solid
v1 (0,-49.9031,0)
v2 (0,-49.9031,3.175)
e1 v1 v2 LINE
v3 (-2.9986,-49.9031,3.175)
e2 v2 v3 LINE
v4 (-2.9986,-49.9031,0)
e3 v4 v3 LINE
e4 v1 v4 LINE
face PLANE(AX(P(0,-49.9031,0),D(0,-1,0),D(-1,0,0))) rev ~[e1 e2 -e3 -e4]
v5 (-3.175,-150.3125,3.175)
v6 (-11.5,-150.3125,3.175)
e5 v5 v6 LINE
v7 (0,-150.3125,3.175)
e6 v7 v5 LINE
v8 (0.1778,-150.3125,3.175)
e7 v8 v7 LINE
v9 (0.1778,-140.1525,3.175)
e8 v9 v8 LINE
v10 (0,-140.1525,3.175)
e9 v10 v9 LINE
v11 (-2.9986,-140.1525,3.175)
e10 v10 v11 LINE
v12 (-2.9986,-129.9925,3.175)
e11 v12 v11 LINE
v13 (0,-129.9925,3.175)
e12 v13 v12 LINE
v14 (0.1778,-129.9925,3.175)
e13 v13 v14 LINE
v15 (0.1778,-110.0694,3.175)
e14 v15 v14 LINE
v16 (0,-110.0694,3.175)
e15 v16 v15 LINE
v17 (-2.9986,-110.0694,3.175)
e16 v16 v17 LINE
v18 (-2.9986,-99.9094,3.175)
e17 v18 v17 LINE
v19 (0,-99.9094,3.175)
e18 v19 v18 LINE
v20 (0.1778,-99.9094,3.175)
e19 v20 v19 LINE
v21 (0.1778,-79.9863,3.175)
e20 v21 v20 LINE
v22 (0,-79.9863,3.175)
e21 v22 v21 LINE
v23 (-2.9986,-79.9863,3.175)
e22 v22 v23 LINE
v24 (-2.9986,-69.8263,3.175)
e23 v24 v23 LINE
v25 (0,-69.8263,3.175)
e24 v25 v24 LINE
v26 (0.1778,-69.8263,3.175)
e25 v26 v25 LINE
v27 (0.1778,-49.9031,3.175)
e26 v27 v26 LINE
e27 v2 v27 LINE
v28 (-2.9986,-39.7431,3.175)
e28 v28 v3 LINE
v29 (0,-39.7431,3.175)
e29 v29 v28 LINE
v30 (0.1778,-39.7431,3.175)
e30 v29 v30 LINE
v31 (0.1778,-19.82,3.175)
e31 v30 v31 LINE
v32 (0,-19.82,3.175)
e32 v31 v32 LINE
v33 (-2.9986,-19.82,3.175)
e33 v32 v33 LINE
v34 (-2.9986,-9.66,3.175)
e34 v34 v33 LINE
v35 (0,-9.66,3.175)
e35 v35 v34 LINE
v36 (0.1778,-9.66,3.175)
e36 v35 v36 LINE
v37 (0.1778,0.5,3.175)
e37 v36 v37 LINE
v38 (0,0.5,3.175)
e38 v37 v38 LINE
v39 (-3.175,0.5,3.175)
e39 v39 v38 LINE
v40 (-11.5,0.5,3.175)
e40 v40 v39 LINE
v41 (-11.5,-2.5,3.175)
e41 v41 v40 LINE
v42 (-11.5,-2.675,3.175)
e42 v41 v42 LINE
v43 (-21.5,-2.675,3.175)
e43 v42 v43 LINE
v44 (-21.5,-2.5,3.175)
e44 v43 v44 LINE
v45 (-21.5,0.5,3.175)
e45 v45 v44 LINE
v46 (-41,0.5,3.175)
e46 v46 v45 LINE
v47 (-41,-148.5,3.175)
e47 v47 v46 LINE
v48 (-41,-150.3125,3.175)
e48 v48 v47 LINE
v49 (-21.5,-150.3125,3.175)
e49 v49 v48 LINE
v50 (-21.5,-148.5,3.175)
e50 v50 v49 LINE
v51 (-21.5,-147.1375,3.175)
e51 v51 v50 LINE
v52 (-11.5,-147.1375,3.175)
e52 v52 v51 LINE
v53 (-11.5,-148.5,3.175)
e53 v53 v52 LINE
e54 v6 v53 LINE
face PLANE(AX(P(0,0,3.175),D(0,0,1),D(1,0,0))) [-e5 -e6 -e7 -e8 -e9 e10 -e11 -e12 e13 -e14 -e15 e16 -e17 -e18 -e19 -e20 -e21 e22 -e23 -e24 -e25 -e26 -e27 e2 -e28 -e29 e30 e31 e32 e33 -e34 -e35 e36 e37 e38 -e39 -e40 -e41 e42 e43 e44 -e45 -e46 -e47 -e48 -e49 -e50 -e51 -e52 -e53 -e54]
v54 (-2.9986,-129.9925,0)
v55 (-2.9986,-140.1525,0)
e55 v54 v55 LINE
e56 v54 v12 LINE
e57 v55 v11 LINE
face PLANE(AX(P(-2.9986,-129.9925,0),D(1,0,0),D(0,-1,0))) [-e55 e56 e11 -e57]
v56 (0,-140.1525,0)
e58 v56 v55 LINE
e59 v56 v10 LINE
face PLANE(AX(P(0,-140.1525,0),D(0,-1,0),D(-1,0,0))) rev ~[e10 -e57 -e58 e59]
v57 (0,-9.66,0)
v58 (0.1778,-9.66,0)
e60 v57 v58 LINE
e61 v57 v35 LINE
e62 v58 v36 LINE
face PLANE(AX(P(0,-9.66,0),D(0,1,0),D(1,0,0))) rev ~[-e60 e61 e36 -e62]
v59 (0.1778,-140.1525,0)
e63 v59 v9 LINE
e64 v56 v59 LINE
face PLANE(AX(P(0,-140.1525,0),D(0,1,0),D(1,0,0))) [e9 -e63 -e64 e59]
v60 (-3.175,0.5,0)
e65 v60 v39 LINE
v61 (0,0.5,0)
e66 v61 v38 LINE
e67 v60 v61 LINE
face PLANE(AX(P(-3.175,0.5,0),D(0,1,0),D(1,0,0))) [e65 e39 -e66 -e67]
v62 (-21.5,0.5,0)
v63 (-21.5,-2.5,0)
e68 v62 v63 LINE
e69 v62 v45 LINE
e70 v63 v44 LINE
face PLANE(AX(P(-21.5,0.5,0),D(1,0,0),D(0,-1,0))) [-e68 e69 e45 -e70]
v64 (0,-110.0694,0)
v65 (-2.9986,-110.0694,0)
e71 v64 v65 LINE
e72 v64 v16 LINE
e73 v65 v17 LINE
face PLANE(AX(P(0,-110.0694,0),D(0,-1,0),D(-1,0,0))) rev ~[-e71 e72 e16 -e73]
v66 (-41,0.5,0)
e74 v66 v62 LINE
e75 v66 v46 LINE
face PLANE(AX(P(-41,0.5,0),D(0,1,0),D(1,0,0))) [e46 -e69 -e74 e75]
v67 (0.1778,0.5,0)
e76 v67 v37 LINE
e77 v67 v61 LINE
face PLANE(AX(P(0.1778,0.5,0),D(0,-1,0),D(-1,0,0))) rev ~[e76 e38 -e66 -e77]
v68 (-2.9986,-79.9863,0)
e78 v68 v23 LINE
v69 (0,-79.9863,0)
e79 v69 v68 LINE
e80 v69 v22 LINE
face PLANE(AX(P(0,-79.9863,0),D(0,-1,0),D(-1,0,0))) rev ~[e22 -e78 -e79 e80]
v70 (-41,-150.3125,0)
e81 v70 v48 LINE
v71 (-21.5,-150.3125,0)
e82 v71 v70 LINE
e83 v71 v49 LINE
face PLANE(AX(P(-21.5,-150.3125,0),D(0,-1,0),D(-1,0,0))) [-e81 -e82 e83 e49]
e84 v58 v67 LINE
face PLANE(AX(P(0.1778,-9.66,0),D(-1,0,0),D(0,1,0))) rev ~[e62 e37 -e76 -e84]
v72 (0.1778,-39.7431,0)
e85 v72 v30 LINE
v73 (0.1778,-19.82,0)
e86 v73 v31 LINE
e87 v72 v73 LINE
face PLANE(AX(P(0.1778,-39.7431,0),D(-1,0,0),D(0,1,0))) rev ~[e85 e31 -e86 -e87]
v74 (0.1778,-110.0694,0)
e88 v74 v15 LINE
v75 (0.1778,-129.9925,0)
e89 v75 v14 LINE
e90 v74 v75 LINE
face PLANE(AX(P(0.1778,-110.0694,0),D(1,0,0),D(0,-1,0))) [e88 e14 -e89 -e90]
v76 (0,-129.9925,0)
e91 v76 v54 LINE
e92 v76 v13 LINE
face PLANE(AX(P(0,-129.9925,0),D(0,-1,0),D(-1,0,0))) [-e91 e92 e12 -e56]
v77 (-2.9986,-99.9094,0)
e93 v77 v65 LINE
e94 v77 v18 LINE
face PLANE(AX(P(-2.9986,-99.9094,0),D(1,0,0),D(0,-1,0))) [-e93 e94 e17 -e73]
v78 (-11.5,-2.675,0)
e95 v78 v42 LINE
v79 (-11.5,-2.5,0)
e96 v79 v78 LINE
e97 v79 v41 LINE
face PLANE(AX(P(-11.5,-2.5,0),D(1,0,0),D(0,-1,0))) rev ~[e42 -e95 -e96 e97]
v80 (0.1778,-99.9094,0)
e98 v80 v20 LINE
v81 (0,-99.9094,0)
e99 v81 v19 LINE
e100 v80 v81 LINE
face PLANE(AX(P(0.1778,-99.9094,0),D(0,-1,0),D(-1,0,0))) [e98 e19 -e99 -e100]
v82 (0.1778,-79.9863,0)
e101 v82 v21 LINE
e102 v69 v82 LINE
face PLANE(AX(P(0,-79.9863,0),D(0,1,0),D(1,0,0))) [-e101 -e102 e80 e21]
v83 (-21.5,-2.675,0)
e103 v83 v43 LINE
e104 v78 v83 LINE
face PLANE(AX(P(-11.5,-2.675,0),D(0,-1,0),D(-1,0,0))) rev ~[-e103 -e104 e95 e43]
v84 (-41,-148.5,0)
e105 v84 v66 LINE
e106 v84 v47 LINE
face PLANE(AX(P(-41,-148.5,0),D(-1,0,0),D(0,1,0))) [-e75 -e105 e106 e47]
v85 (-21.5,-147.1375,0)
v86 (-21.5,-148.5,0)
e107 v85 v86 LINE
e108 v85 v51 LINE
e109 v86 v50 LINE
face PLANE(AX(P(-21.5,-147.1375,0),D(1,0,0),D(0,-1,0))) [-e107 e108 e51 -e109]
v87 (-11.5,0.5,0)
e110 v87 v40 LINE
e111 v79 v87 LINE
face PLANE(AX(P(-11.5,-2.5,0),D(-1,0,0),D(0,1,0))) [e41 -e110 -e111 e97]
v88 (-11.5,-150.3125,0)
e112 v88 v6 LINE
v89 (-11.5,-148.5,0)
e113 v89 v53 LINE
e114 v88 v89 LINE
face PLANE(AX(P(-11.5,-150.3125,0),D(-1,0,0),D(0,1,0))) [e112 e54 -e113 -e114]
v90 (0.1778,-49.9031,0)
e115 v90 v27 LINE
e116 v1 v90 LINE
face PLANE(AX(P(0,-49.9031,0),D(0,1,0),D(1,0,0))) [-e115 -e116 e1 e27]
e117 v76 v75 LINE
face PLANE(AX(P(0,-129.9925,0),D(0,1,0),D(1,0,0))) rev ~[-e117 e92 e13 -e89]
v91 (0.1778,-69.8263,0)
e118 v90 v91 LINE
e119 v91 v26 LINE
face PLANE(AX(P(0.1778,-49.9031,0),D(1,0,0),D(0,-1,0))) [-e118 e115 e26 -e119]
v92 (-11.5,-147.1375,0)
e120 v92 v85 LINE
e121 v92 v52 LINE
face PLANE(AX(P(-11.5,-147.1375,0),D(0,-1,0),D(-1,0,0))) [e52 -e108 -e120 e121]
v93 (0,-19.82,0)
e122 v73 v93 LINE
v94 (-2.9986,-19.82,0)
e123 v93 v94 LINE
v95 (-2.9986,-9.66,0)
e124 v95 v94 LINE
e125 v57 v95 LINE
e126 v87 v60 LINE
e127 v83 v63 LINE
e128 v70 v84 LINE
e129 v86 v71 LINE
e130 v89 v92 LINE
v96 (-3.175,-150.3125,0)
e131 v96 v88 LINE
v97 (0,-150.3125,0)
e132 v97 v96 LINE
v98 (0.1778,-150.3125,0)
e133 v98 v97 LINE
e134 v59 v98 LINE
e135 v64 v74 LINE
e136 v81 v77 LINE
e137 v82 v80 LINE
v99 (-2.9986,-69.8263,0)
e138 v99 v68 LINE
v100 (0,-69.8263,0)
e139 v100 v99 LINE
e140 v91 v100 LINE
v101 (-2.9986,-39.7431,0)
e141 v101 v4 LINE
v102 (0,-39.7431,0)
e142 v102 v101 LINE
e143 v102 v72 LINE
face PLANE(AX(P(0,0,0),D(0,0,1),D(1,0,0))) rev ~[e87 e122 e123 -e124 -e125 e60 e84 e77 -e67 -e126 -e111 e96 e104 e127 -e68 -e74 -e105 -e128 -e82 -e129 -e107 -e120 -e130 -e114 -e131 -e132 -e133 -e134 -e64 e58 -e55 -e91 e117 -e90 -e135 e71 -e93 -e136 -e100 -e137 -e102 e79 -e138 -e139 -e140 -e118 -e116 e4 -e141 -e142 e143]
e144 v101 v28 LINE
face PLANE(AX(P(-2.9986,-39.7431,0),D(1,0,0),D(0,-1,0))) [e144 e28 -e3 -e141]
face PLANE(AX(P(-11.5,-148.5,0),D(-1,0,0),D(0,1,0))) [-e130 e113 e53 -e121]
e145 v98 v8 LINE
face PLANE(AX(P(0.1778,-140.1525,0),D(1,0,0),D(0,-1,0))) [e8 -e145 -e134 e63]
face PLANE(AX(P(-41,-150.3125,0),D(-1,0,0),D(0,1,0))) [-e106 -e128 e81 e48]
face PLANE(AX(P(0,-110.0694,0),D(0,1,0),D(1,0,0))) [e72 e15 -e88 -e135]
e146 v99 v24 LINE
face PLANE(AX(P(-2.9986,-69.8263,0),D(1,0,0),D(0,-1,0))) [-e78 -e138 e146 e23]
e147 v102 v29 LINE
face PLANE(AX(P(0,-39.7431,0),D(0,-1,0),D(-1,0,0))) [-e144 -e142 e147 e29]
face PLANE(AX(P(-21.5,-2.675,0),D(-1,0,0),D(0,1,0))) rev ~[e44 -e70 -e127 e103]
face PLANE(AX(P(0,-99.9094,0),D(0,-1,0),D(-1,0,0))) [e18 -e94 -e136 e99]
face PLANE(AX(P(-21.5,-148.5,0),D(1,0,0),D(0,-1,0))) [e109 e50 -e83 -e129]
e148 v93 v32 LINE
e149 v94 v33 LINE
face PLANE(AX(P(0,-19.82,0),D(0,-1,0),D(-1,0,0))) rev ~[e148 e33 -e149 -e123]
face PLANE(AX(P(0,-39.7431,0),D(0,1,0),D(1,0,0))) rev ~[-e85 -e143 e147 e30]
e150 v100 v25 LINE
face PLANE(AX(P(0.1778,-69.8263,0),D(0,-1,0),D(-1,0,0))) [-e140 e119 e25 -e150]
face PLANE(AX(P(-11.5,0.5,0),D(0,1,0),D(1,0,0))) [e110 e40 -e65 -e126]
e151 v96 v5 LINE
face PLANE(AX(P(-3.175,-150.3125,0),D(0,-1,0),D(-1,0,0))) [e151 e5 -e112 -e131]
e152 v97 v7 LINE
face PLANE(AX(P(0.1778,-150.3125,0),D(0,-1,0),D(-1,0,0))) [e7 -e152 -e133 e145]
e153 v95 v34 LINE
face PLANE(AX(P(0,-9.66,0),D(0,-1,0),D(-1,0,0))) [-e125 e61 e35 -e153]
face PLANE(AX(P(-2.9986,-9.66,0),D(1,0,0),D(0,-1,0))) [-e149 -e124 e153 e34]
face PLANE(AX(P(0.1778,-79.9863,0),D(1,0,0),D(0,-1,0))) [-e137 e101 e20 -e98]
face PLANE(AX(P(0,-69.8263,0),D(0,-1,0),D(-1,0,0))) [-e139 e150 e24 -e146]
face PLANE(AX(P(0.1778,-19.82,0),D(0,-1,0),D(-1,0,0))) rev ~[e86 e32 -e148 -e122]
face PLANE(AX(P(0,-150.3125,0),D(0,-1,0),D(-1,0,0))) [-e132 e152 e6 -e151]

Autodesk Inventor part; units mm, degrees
ref_plane "YZ Plane" through (0, 0, 0) normal (1, 0, 0) x (0, 1, 0)
ref_plane "XZ Plane" through (0, 0, 0) normal (0, 1, 0) x (-1, 0, 0)
ref_plane "XY Plane" through (0, 0, 0) normal (0, 0, 1) x (1, 0, 0)
sketch "Sketch1" plane through (0, 0, 0) normal (0, 0, 1) x (1, 0, 0)
  line L0 (-11.5, -148.5) -> (-11.5, -147.1375)
  line L1 (-21.5, -147.1375) -> (-21.5, -148.5)
  line L2 (-41, -148.5) -> (-41, 0.5)
  line L3 (-41, 0.5) -> (-21.5, 0.5)
  line L4 (-21.5, 0.5) -> (-21.5, -2.5)
  line L5 (-11.5, -2.5) -> (-11.5, 0.5)
  line L6 (-11.5, 0.5) -> (0, 0.5)
  line L7 (-11.5, -148.5) -> (-11.5, -147.1375)
  line L8 (-21.5, -147.1375) -> (-21.5, -148.5)
  line L9 (-41, -148.5) -> (-41, 0.5)
  line L10 (-41, 0.5) -> (-21.5, 0.5)
  line L11 (-21.5, 0.5) -> (-21.5, -2.5)
  line L12 (-11.5, -2.5) -> (-11.5, 0.5)
  line L13 (-11.5, 0.5) -> (0, 0.5)
  line L14 (-41, -150.3125) -> (-41, 0.5)
  line L15 (-11.5, -150.3125) -> (-11.5, -147.1375)
  line L16 (-11.5, -147.1375) -> (-21.5, -147.1375)
  line L17 (-21.5, -147.1375) -> (-21.5, -150.3125)
  line L18 (0, -150.3125) -> (-11.5, -150.3125)
  line L19 (-21.5, -150.3125) -> (-41, -150.3125)
  line L20 (-11.5, 0.5) -> (-11.5, -2.675)
  line L21 (-11.5, -2.675) -> (-21.5, -2.675)
  line L22 (-21.5, -2.675) -> (-21.5, 0.5)
  line L23 (0, 0.5) -> (-3.175, 0.5)
  line L24 (-3.175, -150.3125) -> (0, -150.3125)
  line L25 (-3.175, 0.5) -> (0, 0.5)
  line L26 (0, -9.66) -> (-2.9986, -9.66)
  line L27 (-2.9986, -9.66) -> (0, -9.66)
  line L28 (0, -19.82) -> (-2.9986, -19.82)
  line L29 (-2.9986, -19.82) -> (0, -19.82)
  line L30 (0, -39.7431) -> (-2.9986, -39.7431)
  line L31 (-2.9986, -39.7431) -> (0, -39.7431)
  line L32 (0, -49.9031) -> (-2.9986, -49.9031)
  line L33 (-2.9986, -49.9031) -> (0, -49.9031)
  line L34 (0, -69.8263) -> (-2.9986, -69.8263)
  line L35 (-2.9986, -69.8263) -> (0, -69.8263)
  line L36 (0, -79.9863) -> (-2.9986, -79.9863)
  line L37 (-2.9986, -79.9863) -> (0, -79.9863)
  line L38 (0, -99.9094) -> (-2.9986, -99.9094)
  line L39 (-2.9986, -99.9094) -> (0, -99.9094)
  line L40 (0, -110.0694) -> (-2.9986, -110.0694)
  line L41 (-2.9986, -110.0694) -> (0, -110.0694)
  line L42 (0, -129.9925) -> (-2.9986, -129.9925)
  line L43 (-2.9986, -129.9925) -> (0, -129.9925)
  line L44 (0, -140.1525) -> (-2.9986, -140.1525)
  line L45 (-2.9986, -140.1525) -> (0, -140.1525)
  line L46 (0, -150.3125) -> (-3.175, -150.3125)
  line L47 (-41, 0.5) -> (-21.5, 0.5)
  line L48 (-11.5, 0.5) -> (0, 0.5)
  line L49 (-2.9986, -9.66) -> (-2.9986, -19.82)
  line L50 (-2.9986, -39.7431) -> (-2.9986, -49.9031)
  line L51 (0, -49.9031) -> (0.1778, -49.9031)
  line L52 (0.1778, -49.9031) -> (0.1778, -69.8263)
  line L53 (0.1778, -69.8263) -> (0, -69.8263)
  line L54 (-2.9986, -69.8263) -> (-2.9986, -79.9863)
  line L55 (0, -79.9863) -> (0.1778, -79.9863)
  line L56 (0.1778, -79.9863) -> (0.1778, -99.9094)
  line L57 (0.1778, -99.9094) -> (0, -99.9094)
  line L58 (-2.9986, -99.9094) -> (-2.9986, -110.0694)
  line L59 (-2.9986, -129.9925) -> (-2.9986, -140.1525)
  line L60 (0.1778, -150.3125) -> (0, -150.3125)
  line L61 (0, -140.1525) -> (0.1778, -140.1525)
  line L62 (0, -129.9925) -> (0.1778, -129.9925)
  line L63 (0, -110.0694) -> (0.1778, -110.0694)
  line L64 (0.1778, -110.0694) -> (0.1778, -129.9925)
  line L65 (0.1778, -140.1525) -> (0.1778, -150.3125)
  line L66 (0, -39.7431) -> (0.1778, -39.7431)
  line L67 (0.1778, -39.7431) -> (0.1778, -19.82)
  line L68 (0.1778, -19.82) -> (0, -19.82)
  line L69 (0, -9.66) -> (0.1778, -9.66)
  line L70 (0.1778, -9.66) -> (0.1778, 0.5)
  line L71 (0.1778, 0.5) -> (0, 0.5)
  point P0 (0, 0)
  dimension "d2" = 3.175
  dimension "d4" = 10.16
  dimension "d5" = 10.16
  dimension "d6" = 19.9231
  dimension "d7" = 10.16
  dimension "d8" = 19.9231
  dimension "d9" = 10.16
  dimension "d10" = 19.9231
  dimension "d13" = 10.16
extrude "Extrusion2" add sketch "Sketch1" along normal blind 3.175
properties part number "1-8inch_Bottom2_1-Part"
